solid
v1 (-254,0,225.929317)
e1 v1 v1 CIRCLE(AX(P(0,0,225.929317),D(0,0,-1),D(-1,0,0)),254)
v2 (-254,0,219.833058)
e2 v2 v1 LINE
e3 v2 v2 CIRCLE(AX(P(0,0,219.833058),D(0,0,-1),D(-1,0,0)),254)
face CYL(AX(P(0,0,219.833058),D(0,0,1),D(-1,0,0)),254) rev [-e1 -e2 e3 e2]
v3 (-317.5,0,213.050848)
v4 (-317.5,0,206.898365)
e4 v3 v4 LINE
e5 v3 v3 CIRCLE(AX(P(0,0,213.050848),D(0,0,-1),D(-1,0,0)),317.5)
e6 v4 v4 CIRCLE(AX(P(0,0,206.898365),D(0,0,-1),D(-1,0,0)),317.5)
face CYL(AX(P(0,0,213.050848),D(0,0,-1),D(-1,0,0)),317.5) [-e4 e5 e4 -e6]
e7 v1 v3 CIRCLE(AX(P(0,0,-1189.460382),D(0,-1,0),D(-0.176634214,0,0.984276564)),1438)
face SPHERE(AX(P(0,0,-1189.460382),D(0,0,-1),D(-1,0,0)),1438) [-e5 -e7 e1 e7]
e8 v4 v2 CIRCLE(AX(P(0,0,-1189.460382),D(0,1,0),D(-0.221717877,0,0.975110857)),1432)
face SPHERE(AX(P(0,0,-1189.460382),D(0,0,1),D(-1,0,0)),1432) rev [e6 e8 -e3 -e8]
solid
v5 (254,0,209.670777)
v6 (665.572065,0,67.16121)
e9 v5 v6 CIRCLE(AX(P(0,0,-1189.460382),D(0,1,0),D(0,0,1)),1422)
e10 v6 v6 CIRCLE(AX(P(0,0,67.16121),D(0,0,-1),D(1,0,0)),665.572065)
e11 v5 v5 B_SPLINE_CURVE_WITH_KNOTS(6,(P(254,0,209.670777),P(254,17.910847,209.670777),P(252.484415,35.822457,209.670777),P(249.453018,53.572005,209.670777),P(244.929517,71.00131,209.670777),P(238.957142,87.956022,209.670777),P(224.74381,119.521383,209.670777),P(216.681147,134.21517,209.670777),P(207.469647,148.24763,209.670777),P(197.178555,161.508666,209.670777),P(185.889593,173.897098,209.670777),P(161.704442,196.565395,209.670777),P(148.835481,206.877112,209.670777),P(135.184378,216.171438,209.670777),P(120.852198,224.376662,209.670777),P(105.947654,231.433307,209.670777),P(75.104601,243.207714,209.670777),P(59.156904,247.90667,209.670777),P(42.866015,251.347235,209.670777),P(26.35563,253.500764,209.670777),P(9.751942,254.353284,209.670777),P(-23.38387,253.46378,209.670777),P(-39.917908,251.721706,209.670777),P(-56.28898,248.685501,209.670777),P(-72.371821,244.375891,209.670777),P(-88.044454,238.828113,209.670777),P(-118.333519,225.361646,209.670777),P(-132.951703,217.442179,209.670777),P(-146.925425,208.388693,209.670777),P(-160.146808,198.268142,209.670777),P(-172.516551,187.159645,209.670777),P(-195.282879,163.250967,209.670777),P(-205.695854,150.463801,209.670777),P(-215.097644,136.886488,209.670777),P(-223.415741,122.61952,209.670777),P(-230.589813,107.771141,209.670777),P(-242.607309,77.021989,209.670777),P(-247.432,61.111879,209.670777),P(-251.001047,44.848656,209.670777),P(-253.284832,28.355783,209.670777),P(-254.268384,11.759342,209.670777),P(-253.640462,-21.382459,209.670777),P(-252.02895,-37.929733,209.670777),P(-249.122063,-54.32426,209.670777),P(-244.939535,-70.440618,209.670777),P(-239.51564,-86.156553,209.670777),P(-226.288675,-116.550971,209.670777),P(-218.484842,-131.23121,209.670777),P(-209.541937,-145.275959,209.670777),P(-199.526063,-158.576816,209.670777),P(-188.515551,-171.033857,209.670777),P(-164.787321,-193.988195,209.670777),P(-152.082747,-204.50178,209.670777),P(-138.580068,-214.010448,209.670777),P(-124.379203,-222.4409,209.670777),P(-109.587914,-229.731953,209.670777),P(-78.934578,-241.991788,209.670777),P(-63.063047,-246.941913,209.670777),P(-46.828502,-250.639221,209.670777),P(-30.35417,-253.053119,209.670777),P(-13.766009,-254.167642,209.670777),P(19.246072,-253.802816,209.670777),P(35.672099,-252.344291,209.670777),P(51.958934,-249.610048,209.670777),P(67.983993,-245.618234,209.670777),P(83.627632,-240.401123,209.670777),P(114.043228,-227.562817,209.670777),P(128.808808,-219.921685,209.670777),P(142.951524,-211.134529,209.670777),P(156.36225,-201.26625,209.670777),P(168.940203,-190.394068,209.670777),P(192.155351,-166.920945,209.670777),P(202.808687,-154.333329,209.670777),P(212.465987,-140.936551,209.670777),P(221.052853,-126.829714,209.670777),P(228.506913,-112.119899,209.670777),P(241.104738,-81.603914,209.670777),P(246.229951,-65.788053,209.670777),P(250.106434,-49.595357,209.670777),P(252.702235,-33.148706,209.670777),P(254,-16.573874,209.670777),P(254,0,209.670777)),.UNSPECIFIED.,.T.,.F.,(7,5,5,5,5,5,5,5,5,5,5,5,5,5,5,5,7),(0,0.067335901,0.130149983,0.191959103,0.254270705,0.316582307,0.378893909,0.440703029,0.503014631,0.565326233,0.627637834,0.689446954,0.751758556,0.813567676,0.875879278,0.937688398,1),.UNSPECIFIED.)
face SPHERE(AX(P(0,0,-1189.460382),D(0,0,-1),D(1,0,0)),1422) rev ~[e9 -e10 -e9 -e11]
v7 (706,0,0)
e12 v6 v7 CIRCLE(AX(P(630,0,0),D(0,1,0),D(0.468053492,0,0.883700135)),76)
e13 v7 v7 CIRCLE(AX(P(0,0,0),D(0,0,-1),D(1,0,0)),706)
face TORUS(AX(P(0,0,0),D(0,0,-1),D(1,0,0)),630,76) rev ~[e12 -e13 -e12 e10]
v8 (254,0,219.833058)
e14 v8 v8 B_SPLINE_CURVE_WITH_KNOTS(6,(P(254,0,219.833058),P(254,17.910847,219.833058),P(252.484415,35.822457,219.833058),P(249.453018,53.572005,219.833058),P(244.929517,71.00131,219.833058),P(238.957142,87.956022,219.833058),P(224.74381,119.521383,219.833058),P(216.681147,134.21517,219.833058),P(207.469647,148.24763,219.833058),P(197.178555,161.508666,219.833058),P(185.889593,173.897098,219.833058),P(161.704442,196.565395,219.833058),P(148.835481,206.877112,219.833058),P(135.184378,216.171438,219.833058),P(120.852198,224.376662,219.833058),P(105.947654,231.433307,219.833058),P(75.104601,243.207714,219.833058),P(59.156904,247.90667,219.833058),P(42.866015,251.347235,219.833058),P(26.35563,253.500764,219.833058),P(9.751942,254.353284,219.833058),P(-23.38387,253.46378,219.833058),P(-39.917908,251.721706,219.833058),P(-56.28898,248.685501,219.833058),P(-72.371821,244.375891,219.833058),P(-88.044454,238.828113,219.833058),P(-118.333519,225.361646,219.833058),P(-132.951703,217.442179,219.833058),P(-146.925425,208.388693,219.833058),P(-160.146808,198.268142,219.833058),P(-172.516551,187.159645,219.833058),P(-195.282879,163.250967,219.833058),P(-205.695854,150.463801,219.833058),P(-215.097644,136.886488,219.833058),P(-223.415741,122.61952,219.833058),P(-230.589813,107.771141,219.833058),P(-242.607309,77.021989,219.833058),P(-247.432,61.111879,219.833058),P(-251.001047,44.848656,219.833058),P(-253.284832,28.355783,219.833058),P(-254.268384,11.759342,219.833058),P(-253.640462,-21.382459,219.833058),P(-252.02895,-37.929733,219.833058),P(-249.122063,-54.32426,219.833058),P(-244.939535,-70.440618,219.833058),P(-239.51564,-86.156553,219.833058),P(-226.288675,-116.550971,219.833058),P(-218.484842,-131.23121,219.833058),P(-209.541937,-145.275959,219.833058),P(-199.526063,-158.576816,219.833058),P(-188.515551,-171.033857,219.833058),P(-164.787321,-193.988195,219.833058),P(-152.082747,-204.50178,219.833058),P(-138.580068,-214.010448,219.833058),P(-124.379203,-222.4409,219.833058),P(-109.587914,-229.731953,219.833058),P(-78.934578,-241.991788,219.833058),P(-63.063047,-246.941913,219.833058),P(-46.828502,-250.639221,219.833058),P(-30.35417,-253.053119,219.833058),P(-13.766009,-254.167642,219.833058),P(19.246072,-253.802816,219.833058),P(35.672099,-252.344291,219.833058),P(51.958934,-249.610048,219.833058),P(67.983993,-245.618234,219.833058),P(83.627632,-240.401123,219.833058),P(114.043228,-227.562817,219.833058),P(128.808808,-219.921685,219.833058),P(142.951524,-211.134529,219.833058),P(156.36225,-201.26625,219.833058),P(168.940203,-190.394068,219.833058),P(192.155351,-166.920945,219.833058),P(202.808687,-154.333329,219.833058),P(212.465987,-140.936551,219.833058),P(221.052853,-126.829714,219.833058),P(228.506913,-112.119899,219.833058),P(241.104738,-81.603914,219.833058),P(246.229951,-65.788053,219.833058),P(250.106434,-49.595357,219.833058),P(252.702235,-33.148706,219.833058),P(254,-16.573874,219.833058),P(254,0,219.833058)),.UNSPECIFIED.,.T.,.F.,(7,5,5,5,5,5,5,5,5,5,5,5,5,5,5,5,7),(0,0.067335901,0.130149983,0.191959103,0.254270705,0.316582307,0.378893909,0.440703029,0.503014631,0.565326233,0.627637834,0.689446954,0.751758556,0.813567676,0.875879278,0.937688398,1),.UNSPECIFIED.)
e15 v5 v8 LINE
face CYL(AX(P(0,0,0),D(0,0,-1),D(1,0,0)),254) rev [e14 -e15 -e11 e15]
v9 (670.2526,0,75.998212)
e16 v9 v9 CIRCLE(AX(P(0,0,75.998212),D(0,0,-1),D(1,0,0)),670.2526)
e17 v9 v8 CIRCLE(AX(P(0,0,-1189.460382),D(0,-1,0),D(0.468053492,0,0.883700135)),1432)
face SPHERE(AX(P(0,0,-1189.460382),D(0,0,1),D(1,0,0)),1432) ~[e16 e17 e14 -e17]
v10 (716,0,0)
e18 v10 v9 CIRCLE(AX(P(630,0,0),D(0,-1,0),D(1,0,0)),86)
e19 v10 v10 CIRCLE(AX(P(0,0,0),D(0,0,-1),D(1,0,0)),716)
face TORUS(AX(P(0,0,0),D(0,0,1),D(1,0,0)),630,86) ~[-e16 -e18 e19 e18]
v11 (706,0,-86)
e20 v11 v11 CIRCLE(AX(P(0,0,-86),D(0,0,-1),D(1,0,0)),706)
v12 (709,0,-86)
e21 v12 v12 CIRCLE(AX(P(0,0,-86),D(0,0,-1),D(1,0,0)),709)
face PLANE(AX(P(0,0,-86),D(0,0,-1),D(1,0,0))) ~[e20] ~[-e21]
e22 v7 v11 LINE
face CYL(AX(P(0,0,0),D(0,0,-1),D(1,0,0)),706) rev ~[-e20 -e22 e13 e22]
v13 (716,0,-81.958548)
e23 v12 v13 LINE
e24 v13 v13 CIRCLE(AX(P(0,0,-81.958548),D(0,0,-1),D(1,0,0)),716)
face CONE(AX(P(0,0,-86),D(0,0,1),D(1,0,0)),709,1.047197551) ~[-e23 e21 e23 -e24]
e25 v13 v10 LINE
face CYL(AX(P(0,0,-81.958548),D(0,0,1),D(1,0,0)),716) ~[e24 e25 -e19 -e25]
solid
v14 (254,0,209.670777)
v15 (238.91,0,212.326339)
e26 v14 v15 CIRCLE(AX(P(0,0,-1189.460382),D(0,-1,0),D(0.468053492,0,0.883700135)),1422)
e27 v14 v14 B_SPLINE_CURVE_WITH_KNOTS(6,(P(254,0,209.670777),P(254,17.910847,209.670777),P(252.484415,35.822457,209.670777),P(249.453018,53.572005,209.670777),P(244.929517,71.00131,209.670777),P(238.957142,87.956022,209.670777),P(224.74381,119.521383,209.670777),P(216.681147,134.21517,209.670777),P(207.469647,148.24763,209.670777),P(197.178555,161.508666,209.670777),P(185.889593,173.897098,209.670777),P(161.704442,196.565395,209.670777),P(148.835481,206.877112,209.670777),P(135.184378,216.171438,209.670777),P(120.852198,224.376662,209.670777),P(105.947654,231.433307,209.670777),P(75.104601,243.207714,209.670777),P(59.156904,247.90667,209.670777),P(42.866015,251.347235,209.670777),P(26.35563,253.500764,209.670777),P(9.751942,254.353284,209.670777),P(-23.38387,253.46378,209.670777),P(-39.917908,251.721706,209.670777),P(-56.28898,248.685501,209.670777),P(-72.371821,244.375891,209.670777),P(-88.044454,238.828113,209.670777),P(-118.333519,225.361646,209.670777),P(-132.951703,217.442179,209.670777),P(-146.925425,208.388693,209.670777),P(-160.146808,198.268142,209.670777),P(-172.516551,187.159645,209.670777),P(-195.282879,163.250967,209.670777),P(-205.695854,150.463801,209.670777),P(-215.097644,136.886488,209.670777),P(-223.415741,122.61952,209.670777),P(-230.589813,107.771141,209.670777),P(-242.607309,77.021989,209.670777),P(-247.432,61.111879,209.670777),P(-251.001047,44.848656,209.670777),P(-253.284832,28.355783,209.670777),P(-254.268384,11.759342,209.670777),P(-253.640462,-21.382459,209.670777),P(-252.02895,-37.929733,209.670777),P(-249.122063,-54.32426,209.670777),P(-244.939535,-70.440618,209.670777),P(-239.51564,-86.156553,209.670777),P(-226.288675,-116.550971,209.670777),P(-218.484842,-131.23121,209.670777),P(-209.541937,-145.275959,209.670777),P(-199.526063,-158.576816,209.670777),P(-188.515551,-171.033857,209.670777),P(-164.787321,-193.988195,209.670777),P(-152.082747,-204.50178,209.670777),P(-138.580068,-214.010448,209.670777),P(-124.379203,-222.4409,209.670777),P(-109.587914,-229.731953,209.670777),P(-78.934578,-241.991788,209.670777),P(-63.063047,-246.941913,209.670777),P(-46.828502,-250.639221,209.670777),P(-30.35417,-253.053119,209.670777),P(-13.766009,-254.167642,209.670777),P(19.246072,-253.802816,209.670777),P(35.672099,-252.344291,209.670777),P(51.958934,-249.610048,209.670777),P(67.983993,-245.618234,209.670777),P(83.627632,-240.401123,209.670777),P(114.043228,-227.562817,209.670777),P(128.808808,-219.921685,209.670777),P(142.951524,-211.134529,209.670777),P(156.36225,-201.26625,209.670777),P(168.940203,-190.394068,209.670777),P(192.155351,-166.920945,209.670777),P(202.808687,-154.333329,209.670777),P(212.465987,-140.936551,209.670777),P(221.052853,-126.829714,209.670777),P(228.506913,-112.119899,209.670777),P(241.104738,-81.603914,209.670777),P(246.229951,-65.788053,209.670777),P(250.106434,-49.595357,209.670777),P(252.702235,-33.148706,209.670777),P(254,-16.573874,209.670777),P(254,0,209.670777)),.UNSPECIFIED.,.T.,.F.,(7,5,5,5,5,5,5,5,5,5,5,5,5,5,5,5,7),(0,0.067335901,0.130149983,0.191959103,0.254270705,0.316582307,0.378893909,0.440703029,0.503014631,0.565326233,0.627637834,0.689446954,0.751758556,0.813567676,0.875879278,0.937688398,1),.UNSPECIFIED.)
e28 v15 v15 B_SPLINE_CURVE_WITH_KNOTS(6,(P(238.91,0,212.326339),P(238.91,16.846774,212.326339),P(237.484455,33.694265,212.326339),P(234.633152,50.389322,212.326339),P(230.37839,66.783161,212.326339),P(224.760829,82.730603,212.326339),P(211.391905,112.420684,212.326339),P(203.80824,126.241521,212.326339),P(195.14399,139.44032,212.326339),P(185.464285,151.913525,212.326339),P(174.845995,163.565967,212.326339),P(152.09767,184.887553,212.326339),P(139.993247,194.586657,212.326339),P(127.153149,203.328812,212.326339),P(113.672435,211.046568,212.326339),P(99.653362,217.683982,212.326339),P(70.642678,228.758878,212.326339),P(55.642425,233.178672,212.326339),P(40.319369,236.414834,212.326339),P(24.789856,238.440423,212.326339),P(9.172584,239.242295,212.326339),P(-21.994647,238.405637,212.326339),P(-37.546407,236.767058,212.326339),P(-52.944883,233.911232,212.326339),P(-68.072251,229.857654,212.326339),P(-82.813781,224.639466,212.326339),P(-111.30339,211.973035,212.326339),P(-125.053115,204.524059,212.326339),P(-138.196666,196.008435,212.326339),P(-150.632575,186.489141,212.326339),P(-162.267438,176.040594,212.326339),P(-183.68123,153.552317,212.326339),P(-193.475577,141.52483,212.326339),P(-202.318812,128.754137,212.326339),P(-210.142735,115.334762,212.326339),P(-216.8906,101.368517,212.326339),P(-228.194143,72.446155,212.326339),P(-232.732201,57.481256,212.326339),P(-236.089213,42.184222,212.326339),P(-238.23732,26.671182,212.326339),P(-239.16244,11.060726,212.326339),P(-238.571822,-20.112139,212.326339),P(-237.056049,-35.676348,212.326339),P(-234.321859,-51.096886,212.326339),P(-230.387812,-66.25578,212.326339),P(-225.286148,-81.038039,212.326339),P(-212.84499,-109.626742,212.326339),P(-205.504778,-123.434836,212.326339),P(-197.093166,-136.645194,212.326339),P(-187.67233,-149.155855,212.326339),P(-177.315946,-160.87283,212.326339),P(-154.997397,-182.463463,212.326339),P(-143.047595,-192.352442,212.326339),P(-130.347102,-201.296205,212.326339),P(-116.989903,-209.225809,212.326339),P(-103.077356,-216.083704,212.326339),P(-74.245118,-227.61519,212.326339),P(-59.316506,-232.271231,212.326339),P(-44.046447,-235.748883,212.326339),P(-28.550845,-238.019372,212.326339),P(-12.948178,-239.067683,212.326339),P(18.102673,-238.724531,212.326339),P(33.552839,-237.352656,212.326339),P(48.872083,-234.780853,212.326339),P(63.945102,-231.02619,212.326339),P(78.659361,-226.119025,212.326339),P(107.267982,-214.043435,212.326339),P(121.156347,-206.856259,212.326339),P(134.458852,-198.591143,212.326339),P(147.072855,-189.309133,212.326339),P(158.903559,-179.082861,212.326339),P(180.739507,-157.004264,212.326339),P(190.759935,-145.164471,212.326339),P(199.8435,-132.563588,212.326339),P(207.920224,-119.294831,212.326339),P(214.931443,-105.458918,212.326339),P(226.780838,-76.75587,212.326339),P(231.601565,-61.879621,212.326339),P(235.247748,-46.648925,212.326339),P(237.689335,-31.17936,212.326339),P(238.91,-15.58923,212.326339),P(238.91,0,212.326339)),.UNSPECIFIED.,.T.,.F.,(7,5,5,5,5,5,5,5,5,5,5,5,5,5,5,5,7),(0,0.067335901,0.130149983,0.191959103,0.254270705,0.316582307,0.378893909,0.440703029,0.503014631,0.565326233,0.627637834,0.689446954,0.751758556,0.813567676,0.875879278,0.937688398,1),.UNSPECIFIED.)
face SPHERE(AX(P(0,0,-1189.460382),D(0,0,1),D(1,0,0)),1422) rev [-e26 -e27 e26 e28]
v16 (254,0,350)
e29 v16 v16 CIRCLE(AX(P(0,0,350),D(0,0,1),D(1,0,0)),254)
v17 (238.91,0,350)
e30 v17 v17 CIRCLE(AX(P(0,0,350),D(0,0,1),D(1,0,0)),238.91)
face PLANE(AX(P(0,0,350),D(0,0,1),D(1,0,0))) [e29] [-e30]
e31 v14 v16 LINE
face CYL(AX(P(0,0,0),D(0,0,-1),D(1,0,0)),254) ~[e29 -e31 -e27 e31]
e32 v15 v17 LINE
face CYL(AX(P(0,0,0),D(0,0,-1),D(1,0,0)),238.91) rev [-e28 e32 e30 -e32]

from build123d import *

# Parameters (mm, degrees)
F3_R     = 254
F3_R_2   = 238.91
F4_DEPTH = 242.5406181461
F5_DEPTH = 350


with BuildPart() as f1:
    # F0 (on Front) → F1 (revolve)
    with BuildSketch(Plane.XZ):
        with BuildLine():
            Line((716, -81.9585481157), (716, 0))
            ThreePointArc((716, 0), (703.6808103428, 44.3524315818), (670.2526002972, 75.9982116192))
            ThreePointArc((670.2526002972, 75.9982116192), (345.316734424, 200.2807281831), (0, 242.5396181461))
            Line((0, 242.5396181461), (0, 232.5396181461))
            ThreePointArc((0, 232.5396181461), (342.9053047144, 190.5758321632), (665.5720653789, 67.1612102681))
            ThreePointArc((665.5720653789, 67.1612102681), (695.1132742565, 39.1951720956), (706, 0))
            Line((706, 0), (706, -86))
            Line((706, -86), (709, -86))
            Line((709, -86), (716, -81.9585481157))
        make_face()
    revolve(axis=Axis((0, 0, 20.1172269881), (0, 0, -1)))

    # F3 (on Top) → F4 (cut, through all)
    with BuildSketch(Plane.XY):
        Circle(F3_R)
        Circle(F3_R_2, mode=Mode.SUBTRACT)
        Circle(F3_R_2)
    extrude(amount=F4_DEPTH, mode=Mode.SUBTRACT)


with BuildPart() as f2:
    # F0 (on Front) → F2 (revolve)
    with BuildSketch(Plane.XZ):
        with BuildLine():
            ThreePointArc((-317.5, 206.8983650303), (-285.8231779815, 213.7249626137), (-254, 219.8330581365))
            Line((-254, 219.8330581365), (-254, 225.9293171336))
            ThreePointArc((-254, 225.9293171336), (-285.8225432703, 219.8477724397), (-317.5, 213.0508480477))
            Line((-317.5, 213.0508480477), (-317.5, 206.8983650303))
        make_face()
    revolve(axis=Axis((0, 0, 20.1172269881), (0, 0, -1)))


with BuildPart() as f5:
    # F3 (on Top) → F5 (new body)
    with BuildSketch(Plane.XY):
        Circle(F3_R)
        Circle(F3_R_2, mode=Mode.SUBTRACT)
    extrude(amount=F5_DEPTH)

    # F0 (on Front) → F6 (revolve, cut)
    with BuildSketch(Plane.XZ):
        with BuildLine():
            ThreePointArc((665.5720653789, 67.1612102681), (342.9053047144, 190.5758321632), (0, 232.5396181461))
            Line((0, 232.5396181461), (0, 0))
            Line((0, 0), (706, 0))
            ThreePointArc((706, 0), (695.1132742565, 39.1951720956), (665.5720653789, 67.1612102681))
        make_face()
    revolve(axis=Axis((0, 0, 116.2698090731), (0, 0, -1)), mode=Mode.SUBTRACT)


solid = Compound([f1.part, f2.part, f5.part])
